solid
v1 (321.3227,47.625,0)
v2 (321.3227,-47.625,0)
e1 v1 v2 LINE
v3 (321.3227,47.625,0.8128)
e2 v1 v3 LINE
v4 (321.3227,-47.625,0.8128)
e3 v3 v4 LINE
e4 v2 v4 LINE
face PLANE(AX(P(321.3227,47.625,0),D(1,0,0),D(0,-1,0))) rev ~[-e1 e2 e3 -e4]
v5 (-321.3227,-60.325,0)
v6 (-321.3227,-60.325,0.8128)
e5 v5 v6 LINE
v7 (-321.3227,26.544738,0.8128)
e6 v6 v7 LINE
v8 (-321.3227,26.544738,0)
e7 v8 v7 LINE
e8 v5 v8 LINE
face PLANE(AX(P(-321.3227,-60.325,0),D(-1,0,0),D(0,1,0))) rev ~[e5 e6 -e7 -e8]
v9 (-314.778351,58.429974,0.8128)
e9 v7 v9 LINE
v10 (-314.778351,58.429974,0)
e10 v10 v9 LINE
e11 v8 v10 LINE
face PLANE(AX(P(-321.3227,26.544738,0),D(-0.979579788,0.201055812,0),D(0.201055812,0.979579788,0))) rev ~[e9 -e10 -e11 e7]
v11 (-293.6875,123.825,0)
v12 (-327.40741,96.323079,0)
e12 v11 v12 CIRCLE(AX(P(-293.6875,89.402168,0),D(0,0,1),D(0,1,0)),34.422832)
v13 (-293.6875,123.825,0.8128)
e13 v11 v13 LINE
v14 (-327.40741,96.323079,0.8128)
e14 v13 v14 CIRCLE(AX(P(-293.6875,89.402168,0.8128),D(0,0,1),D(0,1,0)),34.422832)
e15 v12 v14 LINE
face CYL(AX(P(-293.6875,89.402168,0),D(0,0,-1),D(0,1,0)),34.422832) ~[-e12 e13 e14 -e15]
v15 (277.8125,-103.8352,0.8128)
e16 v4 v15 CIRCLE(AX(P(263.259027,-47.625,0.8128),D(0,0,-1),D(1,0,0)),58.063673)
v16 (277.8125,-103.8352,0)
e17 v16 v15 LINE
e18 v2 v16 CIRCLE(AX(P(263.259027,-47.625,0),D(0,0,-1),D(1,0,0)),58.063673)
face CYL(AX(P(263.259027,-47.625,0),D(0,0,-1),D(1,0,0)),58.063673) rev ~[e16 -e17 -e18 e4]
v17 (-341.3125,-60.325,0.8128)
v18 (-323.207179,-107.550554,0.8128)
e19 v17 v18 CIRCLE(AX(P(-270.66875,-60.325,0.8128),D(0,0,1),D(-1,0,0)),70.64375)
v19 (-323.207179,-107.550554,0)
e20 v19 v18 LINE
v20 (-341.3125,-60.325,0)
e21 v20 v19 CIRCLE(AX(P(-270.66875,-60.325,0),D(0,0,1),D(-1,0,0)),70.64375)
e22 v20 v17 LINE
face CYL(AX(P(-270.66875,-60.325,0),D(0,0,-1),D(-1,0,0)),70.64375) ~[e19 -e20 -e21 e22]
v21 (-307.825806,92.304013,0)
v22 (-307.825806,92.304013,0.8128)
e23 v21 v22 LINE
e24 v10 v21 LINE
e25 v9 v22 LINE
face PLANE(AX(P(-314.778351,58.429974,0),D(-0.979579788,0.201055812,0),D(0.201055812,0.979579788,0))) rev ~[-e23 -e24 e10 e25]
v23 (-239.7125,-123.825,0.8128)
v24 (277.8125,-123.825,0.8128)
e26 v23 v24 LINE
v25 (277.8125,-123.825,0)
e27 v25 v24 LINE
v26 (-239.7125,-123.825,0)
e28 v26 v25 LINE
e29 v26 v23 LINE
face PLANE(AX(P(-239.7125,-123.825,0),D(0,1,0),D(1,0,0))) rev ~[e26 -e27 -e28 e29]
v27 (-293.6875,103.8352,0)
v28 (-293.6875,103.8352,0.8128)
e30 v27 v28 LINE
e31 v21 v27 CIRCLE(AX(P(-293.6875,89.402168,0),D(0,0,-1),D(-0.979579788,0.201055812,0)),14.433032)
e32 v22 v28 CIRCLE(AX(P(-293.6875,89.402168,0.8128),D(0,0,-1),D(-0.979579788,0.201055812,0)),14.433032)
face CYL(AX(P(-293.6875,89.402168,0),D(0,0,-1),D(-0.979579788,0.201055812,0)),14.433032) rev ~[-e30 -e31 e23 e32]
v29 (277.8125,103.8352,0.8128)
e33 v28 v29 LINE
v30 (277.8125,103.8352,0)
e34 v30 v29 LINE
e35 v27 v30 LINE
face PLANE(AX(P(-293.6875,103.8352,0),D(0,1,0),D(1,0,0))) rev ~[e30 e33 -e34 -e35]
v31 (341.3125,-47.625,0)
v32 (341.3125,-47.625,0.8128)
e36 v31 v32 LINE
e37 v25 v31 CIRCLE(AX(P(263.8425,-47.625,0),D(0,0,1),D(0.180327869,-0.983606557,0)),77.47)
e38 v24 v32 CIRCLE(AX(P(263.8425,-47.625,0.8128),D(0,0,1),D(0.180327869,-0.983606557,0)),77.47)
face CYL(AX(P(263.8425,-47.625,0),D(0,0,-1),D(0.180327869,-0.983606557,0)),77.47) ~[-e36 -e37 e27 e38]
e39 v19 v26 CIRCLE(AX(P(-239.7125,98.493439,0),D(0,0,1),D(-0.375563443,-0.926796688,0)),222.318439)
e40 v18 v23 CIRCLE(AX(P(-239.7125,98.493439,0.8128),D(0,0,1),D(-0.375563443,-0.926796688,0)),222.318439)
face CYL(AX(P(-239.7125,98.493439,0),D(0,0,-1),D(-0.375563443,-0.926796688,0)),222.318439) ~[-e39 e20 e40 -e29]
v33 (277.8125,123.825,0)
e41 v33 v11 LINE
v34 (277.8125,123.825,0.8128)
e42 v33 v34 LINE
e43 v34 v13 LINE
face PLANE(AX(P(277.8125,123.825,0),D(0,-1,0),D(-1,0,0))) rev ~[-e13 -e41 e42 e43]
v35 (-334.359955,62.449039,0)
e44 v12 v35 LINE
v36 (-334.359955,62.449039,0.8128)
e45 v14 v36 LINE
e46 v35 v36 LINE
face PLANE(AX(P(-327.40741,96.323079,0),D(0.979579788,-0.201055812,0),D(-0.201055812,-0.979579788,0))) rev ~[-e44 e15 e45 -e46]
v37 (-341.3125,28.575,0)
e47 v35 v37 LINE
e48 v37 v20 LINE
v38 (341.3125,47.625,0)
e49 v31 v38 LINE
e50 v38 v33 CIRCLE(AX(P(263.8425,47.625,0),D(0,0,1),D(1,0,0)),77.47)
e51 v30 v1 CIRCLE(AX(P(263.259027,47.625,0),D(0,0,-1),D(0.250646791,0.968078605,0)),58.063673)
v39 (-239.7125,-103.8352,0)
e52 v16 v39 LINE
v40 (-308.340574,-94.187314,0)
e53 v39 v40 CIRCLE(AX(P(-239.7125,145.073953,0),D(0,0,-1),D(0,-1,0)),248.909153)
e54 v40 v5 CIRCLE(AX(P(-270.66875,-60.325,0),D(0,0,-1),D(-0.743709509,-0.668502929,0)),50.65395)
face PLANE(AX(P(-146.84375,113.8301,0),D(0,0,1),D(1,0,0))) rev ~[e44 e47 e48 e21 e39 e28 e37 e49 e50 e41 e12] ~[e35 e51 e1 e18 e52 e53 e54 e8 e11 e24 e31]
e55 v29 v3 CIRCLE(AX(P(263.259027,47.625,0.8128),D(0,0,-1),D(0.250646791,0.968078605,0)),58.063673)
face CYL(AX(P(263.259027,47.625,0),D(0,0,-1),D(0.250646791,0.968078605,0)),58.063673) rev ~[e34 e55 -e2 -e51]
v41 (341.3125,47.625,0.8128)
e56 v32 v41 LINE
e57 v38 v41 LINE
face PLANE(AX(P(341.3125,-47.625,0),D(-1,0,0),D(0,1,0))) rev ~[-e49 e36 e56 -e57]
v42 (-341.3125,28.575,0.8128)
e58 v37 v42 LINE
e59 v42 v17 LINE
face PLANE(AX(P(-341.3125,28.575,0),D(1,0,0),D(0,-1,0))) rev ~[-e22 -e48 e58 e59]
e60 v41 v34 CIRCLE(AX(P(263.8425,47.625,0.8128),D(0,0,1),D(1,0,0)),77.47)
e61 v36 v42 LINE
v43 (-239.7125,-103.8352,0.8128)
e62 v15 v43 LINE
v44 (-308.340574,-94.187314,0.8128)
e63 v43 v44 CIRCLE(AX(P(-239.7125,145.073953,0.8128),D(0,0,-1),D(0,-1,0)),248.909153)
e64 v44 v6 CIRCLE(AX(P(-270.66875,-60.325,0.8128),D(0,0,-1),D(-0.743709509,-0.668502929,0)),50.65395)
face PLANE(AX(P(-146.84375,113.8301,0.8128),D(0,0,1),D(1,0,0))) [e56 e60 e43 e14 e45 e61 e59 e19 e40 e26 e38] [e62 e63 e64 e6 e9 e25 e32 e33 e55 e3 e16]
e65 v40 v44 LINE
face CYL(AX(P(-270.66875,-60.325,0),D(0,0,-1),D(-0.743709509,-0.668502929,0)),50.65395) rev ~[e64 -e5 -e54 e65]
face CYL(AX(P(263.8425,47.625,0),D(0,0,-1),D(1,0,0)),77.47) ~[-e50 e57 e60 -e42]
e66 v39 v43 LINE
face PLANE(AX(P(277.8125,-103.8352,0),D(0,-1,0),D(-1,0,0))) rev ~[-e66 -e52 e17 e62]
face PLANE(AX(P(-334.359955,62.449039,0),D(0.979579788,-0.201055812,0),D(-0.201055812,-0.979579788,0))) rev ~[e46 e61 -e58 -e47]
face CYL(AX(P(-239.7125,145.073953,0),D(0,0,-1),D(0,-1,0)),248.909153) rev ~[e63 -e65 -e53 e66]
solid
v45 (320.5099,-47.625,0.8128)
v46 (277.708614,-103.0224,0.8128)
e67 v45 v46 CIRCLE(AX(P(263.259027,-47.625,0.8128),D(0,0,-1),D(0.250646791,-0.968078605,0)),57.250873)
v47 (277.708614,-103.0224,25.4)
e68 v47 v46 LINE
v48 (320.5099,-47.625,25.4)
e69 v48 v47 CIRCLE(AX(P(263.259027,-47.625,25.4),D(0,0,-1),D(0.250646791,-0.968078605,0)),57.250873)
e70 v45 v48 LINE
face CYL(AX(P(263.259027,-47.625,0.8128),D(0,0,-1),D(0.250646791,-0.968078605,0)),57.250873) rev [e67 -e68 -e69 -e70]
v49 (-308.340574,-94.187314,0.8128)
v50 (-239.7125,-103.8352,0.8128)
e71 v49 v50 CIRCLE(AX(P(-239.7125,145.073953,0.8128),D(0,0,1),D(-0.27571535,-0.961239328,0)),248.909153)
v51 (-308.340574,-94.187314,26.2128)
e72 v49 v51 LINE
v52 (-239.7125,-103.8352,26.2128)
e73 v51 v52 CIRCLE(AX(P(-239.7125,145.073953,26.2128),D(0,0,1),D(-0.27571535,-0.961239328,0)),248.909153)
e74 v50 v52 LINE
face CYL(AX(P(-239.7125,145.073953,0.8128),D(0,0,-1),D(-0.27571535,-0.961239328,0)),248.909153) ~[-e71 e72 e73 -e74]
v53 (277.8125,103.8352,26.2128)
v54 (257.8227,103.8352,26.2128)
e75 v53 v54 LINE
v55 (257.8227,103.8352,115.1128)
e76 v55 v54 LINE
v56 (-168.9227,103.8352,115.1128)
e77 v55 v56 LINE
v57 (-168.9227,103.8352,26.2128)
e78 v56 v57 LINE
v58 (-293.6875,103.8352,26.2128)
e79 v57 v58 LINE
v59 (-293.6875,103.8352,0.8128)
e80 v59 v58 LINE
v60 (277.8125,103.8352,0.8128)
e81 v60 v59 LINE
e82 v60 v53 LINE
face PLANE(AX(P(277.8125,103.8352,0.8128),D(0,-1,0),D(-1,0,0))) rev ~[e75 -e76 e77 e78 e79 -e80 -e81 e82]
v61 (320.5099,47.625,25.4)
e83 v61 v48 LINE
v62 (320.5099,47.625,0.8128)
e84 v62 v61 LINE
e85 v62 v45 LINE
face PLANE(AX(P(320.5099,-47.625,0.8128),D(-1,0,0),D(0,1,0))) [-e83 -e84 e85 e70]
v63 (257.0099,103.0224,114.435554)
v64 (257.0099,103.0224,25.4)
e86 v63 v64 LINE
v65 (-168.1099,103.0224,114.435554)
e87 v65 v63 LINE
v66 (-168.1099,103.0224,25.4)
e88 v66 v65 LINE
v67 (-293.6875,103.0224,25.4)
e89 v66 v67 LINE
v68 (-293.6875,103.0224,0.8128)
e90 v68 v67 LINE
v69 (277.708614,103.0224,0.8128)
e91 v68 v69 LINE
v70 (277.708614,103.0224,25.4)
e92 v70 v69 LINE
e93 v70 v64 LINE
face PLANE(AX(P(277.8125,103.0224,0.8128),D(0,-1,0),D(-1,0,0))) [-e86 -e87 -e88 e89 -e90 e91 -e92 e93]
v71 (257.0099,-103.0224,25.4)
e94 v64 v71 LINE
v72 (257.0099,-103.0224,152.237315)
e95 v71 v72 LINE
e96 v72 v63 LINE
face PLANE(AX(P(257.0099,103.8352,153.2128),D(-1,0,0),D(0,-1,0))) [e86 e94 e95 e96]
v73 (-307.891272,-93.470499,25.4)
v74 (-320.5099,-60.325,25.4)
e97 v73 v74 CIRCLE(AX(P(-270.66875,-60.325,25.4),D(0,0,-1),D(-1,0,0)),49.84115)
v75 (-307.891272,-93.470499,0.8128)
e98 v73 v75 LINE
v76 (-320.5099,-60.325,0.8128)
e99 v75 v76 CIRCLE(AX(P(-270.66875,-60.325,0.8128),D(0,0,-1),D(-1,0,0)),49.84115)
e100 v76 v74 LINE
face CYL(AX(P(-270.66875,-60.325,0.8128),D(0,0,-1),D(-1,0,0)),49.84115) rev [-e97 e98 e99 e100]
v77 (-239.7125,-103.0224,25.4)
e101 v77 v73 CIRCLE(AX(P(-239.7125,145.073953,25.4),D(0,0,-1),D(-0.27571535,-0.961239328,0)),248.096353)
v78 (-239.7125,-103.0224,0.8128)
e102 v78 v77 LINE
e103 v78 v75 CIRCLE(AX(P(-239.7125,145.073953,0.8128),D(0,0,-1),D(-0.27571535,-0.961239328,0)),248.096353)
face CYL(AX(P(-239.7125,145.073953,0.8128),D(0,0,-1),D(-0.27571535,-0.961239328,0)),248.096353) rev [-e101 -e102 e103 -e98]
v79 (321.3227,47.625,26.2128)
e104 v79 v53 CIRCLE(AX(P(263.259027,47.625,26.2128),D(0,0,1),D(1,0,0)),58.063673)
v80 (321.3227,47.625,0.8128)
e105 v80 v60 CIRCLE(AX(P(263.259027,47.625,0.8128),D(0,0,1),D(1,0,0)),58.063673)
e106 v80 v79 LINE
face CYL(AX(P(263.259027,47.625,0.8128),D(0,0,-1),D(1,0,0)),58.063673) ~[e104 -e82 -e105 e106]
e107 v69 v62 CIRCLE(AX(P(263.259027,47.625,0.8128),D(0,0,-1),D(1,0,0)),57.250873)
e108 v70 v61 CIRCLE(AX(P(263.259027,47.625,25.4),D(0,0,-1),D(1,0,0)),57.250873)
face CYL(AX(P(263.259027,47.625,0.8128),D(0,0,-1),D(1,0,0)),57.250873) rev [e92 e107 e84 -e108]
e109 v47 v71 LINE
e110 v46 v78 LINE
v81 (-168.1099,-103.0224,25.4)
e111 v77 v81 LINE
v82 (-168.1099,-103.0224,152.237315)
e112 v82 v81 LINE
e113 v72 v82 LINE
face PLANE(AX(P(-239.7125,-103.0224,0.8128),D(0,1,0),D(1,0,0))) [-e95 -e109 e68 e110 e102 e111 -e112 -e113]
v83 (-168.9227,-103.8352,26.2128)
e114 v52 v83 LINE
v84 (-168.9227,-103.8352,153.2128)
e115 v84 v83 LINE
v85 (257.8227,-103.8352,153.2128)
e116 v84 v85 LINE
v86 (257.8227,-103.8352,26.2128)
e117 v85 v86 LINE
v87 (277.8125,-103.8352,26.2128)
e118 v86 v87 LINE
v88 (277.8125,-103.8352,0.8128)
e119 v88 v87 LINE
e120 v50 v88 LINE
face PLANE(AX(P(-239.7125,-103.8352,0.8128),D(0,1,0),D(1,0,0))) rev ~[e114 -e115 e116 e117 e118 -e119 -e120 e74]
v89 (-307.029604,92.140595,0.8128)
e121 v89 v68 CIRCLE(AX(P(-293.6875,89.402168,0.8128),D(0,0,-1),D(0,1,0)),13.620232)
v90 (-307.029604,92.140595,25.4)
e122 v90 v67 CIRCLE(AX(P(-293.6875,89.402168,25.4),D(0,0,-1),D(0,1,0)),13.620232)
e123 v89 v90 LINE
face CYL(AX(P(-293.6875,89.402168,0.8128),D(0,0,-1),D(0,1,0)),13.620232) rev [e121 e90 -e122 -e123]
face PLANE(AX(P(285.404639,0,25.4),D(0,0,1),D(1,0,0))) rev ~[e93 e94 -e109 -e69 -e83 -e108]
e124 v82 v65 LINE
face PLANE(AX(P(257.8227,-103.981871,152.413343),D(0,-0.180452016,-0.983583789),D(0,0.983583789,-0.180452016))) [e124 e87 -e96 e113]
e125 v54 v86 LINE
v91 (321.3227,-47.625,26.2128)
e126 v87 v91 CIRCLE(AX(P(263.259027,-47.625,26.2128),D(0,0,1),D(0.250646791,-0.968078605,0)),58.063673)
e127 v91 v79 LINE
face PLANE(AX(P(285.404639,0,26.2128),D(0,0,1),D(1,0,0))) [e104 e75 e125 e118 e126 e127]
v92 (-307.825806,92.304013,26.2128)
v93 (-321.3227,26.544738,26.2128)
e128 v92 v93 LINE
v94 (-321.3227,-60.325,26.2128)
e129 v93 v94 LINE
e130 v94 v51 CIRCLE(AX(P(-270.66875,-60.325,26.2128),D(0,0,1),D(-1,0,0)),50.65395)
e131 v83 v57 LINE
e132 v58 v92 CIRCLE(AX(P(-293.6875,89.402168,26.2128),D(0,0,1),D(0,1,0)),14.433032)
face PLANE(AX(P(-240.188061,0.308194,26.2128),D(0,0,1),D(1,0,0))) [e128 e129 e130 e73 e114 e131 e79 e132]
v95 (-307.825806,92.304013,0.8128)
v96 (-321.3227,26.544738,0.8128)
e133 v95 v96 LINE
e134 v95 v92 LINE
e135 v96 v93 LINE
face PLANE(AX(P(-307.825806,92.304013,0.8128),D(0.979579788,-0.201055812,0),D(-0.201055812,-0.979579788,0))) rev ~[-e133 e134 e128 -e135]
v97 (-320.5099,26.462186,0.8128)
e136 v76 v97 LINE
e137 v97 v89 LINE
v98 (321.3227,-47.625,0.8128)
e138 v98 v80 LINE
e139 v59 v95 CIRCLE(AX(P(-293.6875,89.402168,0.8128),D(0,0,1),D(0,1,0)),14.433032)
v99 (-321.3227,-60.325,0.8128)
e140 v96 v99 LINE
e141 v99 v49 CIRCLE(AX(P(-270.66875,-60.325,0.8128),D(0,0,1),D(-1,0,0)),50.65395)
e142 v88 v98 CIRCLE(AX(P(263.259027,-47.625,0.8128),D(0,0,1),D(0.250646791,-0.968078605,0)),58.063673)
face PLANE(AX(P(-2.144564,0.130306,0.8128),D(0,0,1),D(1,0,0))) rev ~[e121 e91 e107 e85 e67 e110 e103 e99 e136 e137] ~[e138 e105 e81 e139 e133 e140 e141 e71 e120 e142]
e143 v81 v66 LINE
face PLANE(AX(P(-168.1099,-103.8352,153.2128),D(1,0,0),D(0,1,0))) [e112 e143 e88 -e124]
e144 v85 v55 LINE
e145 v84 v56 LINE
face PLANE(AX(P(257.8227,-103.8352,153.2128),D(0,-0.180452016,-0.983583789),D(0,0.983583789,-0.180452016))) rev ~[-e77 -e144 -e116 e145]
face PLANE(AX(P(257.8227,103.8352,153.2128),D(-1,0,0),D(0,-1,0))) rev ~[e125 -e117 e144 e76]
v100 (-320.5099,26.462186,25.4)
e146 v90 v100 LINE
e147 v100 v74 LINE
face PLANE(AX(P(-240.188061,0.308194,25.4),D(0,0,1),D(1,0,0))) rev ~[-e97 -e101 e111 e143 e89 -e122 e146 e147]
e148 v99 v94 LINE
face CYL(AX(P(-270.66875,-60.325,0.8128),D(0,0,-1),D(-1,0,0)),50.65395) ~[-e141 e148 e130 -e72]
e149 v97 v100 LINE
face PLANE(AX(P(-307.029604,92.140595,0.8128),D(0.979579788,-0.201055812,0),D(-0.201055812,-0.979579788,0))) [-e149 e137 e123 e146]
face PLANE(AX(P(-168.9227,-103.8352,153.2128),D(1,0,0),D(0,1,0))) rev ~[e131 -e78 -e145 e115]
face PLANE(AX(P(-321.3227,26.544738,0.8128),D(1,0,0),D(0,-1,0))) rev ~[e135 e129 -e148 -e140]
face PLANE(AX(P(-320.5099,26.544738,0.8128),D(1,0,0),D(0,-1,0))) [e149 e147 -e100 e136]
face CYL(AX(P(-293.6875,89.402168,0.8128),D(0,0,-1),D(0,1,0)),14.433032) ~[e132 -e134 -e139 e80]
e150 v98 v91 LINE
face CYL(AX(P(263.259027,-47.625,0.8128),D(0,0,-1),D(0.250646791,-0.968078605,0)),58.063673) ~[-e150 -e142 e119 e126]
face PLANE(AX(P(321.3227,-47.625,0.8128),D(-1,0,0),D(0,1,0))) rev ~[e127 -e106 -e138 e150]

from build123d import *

# Parameters (mm, degrees)
F0_W     = 293.6875
F0_H     = 19.9898
F0_W_2   = 19.9898
F0_H_2   = 60.325
F0_W_3   = 277.8125
F0_H_3   = 47.625
F1_DEPTH = 0.8128
F3_DEPTH = 152.4
F5_DEPTH = 127
F7_DEPTH = 127
F9_DEPTH = 599.1362
F10_T    = -0.8128


with BuildPart() as f1:
    # F0 (on Top) → F1 (new body)
    with BuildSketch(Plane.XY):
        with Locations((-146.84375, 113.8301)):
            Rectangle(F0_W, F0_H)
        with BuildLine():
            Line((-293.6875, 103.8352), (-293.6875, 123.825))
            ThreePointArc((-293.6875, 123.825), (-315.444039303, 116.0777065094), (-327.4074100997, 96.3230787465))
            Line((-327.4074100997, 96.3230787465), (-307.8258060613, 92.3040132677))
            ThreePointArc((-307.8258060613, 92.3040132677), (-302.8097251361, 100.5868637443), (-293.6875, 103.8352))
        make_face()
        Polygon((-307.8258060613, 92.3040132677), (-327.4074100997, 96.3230787465), (-334.3599550499, 62.4490393733), (-314.7783510115, 58.4299738945), align=None)
        Polygon((-334.3599550499, 62.4490393733), (-341.3125, 28.575), (-341.3125, 0), (-321.3227, 0), (-321.3227, 26.5447380707), (-314.7783510115, 58.4299738945), align=None)
        with Locations((-331.3176, -30.1625)):
            Rectangle(F0_W_2, F0_H_2)
        with BuildLine():
            Line((-321.3227, -60.325), (-341.3125, -60.325))
            ThreePointArc((-341.3125, -60.325), (-336.6310537443, -85.6136120379), (-323.2071786147, -107.550553811))
            Line((-323.2071786147, -107.550553811), (-308.340574275, -94.1873139551))
            ThreePointArc((-308.340574275, -94.1873139551), (-317.9659452331, -78.4577872563), (-321.3227, -60.325))
        make_face()
        with BuildLine():
            Line((-308.340574275, -94.1873139551), (-323.2071786147, -107.550553811))
            ThreePointArc((-323.2071786147, -107.550553811), (-282.2454841292, -119.7184616454), (-239.7125, -123.825))
            Line((-239.7125, -123.825), (-239.7125, -103.8352))
            ThreePointArc((-239.7125, -103.8352), (-274.3639584247, -101.4114276523), (-308.340574275, -94.1873139551))
        make_face()
        Polygon((0, -123.825), (0, -103.8352), (-214.3125, -103.8352), (-239.7125, -103.8352), (-239.7125, -123.825), align=None)
        with BuildLine():
            ThreePointArc((277.8125, -123.825), (323.3566025304, -97.220085442), (341.3125, -47.625))
            Line((341.3125, -47.625), (321.3227, -47.625))
            ThreePointArc((321.3227, -47.625), (309.1742653298, -83.1662580253), (277.8125, -103.8352))
            Line((277.8125, -103.8352), (277.8125, -123.825))
        make_face()
        with Locations((138.90625, -113.8301)):
            Rectangle(F0_W_3, F0_H)
        Polygon((341.3125, -47.625), (341.3125, 0), (321.3227, 0), (321.3227, -22.225), (321.3227, -47.625), align=None)
        with Locations((331.3176, 23.8125)):
            Rectangle(F0_W_2, F0_H_3)
        with BuildLine():
            ThreePointArc((341.3125, 47.625), (323.3566025304, 97.220085442), (277.8125, 123.825))
            Line((277.8125, 123.825), (277.8125, 103.8352))
            ThreePointArc((277.8125, 103.8352), (309.1742653298, 83.1662580253), (321.3227, 47.625))
            Line((321.3227, 47.625), (341.3125, 47.625))
        make_face()
        with Locations((138.90625, 113.8301)):
            Rectangle(F0_W_3, F0_H)
    extrude(amount=F1_DEPTH)


with BuildPart() as f3:
    # F2 (on face) → F3 (new body)
    with BuildSketch(Plane.XY.offset(0.8128)):
        with BuildLine():
            ThreePointArc((321.3227, 47.625), (309.1742653298, 83.1662580253), (277.8125, 103.8352))
            Line((277.8125, 103.8352), (-293.6875, 103.8352))
            ThreePointArc((-293.6875, 103.8352), (-302.8097251361, 100.5868637443), (-307.8258060613, 92.3040132677))
            Line((-307.8258060613, 92.3040132677), (-321.3227, 26.5447380707))
            Line((-321.3227, 26.5447380707), (-321.3227, -60.325))
            ThreePointArc((-321.3227, -60.325), (-317.9659452331, -78.4577872563), (-308.340574275, -94.1873139551))
            ThreePointArc((-308.340574275, -94.1873139551), (-274.3639584247, -101.4114276523), (-239.7125, -103.8352))
            Line((-239.7125, -103.8352), (277.8125, -103.8352))
            ThreePointArc((277.8125, -103.8352), (309.1742653298, -83.1662580253), (321.3227, -47.625))
            Line((321.3227, -47.625), (321.3227, 47.625))
        make_face()
    extrude(amount=F3_DEPTH)

    # F4 (on face) → F5 (cut)
    with BuildSketch(Plane.XY.offset(153.2128)):
        with BuildLine():
            Line((-168.9227, -103.8352), (-168.9227, 103.8352))
            Line((-168.9227, 103.8352), (-293.6875, 103.8352))
            ThreePointArc((-293.6875, 103.8352), (-302.8097251361, 100.5868637443), (-307.8258060613, 92.3040132677))
            Line((-307.8258060613, 92.3040132677), (-321.3227, 26.5447380707))
            Line((-321.3227, 26.5447380707), (-321.3227, -60.325))
            ThreePointArc((-321.3227, -60.325), (-317.9659452331, -78.4577872563), (-308.340574275, -94.1873139551))
            ThreePointArc((-308.340574275, -94.1873139551), (-274.3639584247, -101.4114276523), (-239.7125, -103.8352))
            Line((-239.7125, -103.8352), (-168.9227, -103.8352))
        make_face()
    extrude(amount=-F5_DEPTH, mode=Mode.SUBTRACT)

    # F6 (on face) → F7 (cut)
    with BuildSketch(Plane.XY.offset(153.2128)):
        with BuildLine():
            Line((257.8227, 103.8352), (257.8227, -103.8352))
            Line((257.8227, -103.8352), (277.8125, -103.8352))
            ThreePointArc((277.8125, -103.8352), (309.1742653298, -83.1662580253), (321.3227, -47.625))
            Line((321.3227, -47.625), (321.3227, 47.625))
            ThreePointArc((321.3227, 47.625), (309.1742653298, 83.1662580253), (277.8125, 103.8352))
            Line((277.8125, 103.8352), (257.8227, 103.8352))
        make_face()
    extrude(amount=-F7_DEPTH, mode=Mode.SUBTRACT)

    # F8 (on face) → F9 (cut, through all)
    with BuildSketch(Plane.YZ.offset(257.8227)):
        Polygon((103.8352, 153.2128), (-103.8352, 153.2128), (103.8352, 115.1128), align=None)
    extrude(amount=-F9_DEPTH, mode=Mode.SUBTRACT)

    # F10
    f10_openings = [f3.faces().sort_by_distance(p)[0] for p in [
        (-0.33469, -0.032507, 0.8128),
    ]]
    offset(amount=F10_T, openings=f10_openings, kind=Kind.INTERSECTION)


solid = Compound([f1.part, f3.part])
